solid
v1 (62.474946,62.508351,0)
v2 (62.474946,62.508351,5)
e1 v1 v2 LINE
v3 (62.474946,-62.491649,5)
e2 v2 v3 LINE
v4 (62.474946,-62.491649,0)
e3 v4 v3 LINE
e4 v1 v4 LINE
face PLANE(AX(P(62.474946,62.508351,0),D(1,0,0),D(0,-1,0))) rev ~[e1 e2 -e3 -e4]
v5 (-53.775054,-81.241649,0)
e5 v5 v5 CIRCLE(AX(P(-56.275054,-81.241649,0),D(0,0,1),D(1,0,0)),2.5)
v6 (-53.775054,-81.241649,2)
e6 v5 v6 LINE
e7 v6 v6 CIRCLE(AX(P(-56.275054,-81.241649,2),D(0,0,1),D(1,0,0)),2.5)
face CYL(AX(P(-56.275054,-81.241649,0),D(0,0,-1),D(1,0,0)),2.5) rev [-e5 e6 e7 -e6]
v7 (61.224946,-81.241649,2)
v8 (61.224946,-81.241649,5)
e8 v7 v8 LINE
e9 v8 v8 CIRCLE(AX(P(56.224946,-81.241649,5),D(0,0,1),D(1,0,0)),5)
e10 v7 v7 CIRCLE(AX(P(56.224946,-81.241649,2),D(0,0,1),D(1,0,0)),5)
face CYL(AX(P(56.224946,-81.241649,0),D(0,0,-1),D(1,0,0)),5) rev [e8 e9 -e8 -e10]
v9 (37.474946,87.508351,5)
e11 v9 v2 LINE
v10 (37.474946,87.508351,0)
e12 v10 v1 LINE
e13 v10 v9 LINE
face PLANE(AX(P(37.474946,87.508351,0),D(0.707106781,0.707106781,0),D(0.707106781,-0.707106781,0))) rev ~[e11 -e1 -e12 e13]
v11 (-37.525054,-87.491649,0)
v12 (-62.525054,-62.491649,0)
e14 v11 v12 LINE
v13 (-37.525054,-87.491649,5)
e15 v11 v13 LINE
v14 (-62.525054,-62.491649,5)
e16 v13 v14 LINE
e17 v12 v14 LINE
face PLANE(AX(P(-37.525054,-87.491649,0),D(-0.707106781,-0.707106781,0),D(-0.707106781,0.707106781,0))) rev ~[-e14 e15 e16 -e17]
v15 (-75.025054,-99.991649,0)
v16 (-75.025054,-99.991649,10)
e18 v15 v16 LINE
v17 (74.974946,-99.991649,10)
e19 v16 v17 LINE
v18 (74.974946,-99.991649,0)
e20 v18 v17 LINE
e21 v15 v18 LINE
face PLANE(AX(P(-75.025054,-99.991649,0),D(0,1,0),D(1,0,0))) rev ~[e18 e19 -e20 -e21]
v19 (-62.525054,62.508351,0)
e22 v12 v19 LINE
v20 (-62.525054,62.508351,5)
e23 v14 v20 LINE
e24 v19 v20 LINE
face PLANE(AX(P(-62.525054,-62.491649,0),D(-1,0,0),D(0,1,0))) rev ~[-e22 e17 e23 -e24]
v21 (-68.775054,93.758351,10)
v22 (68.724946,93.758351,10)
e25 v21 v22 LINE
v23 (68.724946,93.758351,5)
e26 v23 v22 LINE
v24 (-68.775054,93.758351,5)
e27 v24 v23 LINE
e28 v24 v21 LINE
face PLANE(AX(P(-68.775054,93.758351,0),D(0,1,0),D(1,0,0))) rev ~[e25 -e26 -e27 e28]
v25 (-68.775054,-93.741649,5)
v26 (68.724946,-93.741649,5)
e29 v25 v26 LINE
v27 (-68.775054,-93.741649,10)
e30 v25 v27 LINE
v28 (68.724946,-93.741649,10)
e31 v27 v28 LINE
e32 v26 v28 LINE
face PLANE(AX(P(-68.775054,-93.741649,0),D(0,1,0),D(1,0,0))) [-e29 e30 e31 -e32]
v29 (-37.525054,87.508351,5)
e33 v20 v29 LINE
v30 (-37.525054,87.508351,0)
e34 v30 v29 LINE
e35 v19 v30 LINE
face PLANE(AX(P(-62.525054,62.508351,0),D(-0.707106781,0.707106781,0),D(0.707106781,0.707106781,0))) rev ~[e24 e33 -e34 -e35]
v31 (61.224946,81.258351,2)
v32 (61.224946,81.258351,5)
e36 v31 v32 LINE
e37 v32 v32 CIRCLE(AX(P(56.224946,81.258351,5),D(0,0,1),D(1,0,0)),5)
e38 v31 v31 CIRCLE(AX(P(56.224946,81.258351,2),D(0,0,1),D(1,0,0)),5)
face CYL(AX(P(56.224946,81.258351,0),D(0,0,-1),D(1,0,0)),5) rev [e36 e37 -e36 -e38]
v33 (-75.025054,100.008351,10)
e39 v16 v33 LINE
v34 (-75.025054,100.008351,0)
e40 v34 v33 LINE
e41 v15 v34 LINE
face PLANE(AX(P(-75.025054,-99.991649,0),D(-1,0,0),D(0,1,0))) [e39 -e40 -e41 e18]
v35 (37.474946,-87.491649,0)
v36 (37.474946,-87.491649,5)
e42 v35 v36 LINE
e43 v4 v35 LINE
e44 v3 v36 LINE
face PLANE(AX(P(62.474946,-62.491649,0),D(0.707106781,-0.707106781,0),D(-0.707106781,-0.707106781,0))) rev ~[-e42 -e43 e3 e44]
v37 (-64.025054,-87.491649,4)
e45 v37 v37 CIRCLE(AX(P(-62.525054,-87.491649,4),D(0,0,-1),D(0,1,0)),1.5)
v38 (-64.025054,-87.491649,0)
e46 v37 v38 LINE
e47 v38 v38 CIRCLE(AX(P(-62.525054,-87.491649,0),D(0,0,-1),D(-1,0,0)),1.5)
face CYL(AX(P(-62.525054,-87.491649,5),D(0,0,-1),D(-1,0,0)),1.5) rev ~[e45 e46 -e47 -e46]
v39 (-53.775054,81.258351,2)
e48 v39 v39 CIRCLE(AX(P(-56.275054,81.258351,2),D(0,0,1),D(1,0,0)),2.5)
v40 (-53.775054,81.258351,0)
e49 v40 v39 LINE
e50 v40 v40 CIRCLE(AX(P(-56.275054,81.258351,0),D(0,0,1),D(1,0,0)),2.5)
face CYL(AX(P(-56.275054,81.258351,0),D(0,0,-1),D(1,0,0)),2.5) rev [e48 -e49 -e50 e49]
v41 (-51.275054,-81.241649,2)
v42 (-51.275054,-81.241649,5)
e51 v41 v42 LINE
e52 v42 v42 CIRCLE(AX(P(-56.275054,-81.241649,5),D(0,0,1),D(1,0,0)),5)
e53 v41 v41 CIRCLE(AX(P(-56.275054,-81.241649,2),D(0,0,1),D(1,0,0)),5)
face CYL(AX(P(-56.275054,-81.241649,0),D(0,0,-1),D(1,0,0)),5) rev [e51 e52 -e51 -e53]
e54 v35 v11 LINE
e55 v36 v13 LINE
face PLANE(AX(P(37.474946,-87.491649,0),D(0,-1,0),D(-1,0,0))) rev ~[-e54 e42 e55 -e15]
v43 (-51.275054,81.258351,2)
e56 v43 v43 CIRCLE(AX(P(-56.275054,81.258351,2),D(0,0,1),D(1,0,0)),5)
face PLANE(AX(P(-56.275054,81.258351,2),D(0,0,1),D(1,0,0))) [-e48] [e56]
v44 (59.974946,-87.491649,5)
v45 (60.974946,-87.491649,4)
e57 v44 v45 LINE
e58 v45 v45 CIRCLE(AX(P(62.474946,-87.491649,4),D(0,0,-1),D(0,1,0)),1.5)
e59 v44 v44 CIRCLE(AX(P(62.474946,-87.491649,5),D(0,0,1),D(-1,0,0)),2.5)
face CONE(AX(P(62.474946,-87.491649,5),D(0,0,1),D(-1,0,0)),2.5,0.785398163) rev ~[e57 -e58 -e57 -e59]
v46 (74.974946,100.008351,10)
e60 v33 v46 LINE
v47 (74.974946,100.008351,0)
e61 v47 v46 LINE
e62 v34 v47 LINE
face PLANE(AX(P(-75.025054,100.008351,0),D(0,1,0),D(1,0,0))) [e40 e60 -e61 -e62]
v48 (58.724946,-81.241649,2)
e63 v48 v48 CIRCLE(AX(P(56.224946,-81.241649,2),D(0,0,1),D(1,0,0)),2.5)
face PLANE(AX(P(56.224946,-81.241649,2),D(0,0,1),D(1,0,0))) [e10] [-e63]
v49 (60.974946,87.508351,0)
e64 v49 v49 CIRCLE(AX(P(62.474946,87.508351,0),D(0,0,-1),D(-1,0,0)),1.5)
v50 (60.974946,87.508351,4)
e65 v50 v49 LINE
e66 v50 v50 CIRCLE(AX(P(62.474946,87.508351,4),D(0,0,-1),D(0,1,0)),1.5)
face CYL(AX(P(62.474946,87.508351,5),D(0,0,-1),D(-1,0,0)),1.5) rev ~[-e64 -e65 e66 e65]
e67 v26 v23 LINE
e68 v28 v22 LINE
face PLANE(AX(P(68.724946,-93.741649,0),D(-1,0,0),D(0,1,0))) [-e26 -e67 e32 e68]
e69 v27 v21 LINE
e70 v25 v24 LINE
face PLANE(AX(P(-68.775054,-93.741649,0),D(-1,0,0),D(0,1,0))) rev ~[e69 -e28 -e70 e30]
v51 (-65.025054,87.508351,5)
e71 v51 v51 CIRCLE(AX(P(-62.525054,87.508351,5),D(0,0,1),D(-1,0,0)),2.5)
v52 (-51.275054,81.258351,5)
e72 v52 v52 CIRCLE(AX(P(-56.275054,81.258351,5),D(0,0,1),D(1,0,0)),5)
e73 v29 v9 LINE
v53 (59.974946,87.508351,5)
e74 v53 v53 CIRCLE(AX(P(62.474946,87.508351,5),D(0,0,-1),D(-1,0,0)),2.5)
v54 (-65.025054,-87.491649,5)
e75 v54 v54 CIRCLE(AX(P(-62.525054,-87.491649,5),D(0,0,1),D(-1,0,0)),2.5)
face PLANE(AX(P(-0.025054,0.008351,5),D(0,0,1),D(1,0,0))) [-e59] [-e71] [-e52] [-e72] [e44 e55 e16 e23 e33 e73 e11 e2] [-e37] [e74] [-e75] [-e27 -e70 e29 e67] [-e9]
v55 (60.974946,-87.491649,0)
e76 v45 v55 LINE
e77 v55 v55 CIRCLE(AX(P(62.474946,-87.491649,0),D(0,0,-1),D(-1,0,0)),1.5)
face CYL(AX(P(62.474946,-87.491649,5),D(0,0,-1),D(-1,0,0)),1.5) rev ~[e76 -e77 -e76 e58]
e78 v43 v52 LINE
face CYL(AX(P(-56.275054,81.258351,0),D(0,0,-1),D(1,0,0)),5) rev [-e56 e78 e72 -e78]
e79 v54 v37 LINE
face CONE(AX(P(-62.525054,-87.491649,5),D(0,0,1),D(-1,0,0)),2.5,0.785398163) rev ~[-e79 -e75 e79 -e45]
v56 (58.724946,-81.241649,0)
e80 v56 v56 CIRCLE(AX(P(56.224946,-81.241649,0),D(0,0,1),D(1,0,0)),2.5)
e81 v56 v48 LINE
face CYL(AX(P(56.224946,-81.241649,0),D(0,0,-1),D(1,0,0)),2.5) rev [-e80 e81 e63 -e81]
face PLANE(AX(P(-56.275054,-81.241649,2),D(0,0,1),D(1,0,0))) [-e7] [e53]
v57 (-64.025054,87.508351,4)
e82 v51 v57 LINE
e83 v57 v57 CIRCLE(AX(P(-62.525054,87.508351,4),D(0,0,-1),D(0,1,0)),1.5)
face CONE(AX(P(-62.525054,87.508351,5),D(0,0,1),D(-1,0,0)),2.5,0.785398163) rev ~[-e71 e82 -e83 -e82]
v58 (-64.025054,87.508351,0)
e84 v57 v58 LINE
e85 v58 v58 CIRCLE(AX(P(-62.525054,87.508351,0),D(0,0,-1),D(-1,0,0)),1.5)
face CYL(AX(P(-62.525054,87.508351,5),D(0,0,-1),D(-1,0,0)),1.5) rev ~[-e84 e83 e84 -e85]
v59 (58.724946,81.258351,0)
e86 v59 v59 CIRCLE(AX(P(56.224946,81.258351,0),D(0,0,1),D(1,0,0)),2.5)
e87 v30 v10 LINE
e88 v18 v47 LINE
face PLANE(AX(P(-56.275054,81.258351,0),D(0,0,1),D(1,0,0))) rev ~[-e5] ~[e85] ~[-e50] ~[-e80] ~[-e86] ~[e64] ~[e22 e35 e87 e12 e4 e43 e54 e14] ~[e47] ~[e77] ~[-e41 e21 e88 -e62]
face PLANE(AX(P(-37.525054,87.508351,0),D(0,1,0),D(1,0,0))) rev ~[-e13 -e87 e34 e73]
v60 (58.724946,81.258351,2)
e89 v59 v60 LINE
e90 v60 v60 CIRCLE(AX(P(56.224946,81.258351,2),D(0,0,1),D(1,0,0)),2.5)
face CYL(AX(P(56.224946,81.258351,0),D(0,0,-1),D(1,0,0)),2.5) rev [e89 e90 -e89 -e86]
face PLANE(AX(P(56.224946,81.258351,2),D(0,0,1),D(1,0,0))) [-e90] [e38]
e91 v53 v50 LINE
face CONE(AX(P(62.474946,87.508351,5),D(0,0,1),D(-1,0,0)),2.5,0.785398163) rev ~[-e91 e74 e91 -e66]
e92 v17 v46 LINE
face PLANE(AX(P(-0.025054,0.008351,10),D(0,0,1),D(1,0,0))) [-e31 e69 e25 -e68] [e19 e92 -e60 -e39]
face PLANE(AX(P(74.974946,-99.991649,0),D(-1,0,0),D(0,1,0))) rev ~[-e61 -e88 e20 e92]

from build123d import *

# Parameters (mm, degrees)
F0_W           = 150
F0_H           = 200
F0_W_2         = 137.5
F0_H_2         = 187.5
F1_DEPTH       = 10
F0_R           = 5
F2_DEPTH       = 5
F0_R_2         = 2.5
F3_DEPTH       = 2
F5_D           = 3
F5_CSINK_D     = 5
F5_CSINK_ANGLE = 90


with BuildPart() as f1:
    # F0 (on Top) → F1 (new body)
    with BuildSketch(Plane.XY):
        with Locations((-0.025054, 0.008351)):
            Rectangle(F0_W, F0_H)
        with Locations((-0.025054, 0.008351)):
            Rectangle(F0_W_2, F0_H_2, mode=Mode.SUBTRACT)
    extrude(amount=F1_DEPTH)

    # F0 (on Top) → F2 (join)
    with BuildSketch(Plane.XY):
        with Locations((-0.025054, 0.008351)):
            Rectangle(F0_W_2, F0_H_2)
        Polygon((-62.525054, 62.508351), (-62.525054, 87.508351), (-37.525054, 87.508351), (37.474946, 87.508351), (62.474946, 87.508351), (62.474946, 62.508351), (62.474946, -62.491649), (62.474946, -87.491649), (37.474946, -87.491649), (-37.525054, -87.491649), (-62.525054, -87.491649), (-62.525054, -62.491649), align=None, mode=Mode.SUBTRACT)
        Polygon((-37.525054, 87.508351), (-62.525054, 87.508351), (-62.525054, 62.508351), align=None)
        with Locations((-56.275054, 81.258351)):
            Circle(F0_R, mode=Mode.SUBTRACT)
        Polygon((62.474946, 87.508351), (37.474946, 87.508351), (62.474946, 62.508351), align=None)
        with Locations((56.224946, 81.258351)):
            Circle(F0_R, mode=Mode.SUBTRACT)
        Polygon((62.474946, -87.491649), (62.474946, -62.491649), (37.474946, -87.491649), align=None)
        with Locations((56.224946, -81.241649)):
            Circle(F0_R, mode=Mode.SUBTRACT)
        Polygon((-37.525054, -87.491649), (-62.525054, -62.491649), (-62.525054, -87.491649), align=None)
        with Locations((-56.275054, -81.241649)):
            Circle(F0_R, mode=Mode.SUBTRACT)
    extrude(amount=F2_DEPTH)

    # F0 (on Top) → F3 (join)
    with BuildSketch(Plane.XY):
        with Locations((-56.275054, 81.258351)):
            Circle(F0_R)
        with Locations((-56.275054, 81.258351)):
            Circle(F0_R_2, mode=Mode.SUBTRACT)
        with Locations((56.224946, 81.258351)):
            Circle(F0_R)
        with Locations((56.224946, 81.258351)):
            Circle(F0_R_2, mode=Mode.SUBTRACT)
        with Locations((56.224946, -81.241649)):
            Circle(F0_R)
        with Locations((56.224946, -81.241649)):
            Circle(F0_R_2, mode=Mode.SUBTRACT)
        with Locations((-56.275054, -81.241649)):
            Circle(F0_R)
        with Locations((-56.275054, -81.241649)):
            Circle(F0_R_2, mode=Mode.SUBTRACT)
    extrude(amount=F3_DEPTH)

    # F5 (through all)
    with Locations(Plane.XY.offset(5)):
        with Locations((-62.525054, 87.508351), (62.474946, 87.508351), (62.474946, -87.491649), (-62.525054, -87.491649)):
            CounterSinkHole(F5_D / 2, F5_CSINK_D / 2, counter_sink_angle=F5_CSINK_ANGLE)


solid = f1.part
